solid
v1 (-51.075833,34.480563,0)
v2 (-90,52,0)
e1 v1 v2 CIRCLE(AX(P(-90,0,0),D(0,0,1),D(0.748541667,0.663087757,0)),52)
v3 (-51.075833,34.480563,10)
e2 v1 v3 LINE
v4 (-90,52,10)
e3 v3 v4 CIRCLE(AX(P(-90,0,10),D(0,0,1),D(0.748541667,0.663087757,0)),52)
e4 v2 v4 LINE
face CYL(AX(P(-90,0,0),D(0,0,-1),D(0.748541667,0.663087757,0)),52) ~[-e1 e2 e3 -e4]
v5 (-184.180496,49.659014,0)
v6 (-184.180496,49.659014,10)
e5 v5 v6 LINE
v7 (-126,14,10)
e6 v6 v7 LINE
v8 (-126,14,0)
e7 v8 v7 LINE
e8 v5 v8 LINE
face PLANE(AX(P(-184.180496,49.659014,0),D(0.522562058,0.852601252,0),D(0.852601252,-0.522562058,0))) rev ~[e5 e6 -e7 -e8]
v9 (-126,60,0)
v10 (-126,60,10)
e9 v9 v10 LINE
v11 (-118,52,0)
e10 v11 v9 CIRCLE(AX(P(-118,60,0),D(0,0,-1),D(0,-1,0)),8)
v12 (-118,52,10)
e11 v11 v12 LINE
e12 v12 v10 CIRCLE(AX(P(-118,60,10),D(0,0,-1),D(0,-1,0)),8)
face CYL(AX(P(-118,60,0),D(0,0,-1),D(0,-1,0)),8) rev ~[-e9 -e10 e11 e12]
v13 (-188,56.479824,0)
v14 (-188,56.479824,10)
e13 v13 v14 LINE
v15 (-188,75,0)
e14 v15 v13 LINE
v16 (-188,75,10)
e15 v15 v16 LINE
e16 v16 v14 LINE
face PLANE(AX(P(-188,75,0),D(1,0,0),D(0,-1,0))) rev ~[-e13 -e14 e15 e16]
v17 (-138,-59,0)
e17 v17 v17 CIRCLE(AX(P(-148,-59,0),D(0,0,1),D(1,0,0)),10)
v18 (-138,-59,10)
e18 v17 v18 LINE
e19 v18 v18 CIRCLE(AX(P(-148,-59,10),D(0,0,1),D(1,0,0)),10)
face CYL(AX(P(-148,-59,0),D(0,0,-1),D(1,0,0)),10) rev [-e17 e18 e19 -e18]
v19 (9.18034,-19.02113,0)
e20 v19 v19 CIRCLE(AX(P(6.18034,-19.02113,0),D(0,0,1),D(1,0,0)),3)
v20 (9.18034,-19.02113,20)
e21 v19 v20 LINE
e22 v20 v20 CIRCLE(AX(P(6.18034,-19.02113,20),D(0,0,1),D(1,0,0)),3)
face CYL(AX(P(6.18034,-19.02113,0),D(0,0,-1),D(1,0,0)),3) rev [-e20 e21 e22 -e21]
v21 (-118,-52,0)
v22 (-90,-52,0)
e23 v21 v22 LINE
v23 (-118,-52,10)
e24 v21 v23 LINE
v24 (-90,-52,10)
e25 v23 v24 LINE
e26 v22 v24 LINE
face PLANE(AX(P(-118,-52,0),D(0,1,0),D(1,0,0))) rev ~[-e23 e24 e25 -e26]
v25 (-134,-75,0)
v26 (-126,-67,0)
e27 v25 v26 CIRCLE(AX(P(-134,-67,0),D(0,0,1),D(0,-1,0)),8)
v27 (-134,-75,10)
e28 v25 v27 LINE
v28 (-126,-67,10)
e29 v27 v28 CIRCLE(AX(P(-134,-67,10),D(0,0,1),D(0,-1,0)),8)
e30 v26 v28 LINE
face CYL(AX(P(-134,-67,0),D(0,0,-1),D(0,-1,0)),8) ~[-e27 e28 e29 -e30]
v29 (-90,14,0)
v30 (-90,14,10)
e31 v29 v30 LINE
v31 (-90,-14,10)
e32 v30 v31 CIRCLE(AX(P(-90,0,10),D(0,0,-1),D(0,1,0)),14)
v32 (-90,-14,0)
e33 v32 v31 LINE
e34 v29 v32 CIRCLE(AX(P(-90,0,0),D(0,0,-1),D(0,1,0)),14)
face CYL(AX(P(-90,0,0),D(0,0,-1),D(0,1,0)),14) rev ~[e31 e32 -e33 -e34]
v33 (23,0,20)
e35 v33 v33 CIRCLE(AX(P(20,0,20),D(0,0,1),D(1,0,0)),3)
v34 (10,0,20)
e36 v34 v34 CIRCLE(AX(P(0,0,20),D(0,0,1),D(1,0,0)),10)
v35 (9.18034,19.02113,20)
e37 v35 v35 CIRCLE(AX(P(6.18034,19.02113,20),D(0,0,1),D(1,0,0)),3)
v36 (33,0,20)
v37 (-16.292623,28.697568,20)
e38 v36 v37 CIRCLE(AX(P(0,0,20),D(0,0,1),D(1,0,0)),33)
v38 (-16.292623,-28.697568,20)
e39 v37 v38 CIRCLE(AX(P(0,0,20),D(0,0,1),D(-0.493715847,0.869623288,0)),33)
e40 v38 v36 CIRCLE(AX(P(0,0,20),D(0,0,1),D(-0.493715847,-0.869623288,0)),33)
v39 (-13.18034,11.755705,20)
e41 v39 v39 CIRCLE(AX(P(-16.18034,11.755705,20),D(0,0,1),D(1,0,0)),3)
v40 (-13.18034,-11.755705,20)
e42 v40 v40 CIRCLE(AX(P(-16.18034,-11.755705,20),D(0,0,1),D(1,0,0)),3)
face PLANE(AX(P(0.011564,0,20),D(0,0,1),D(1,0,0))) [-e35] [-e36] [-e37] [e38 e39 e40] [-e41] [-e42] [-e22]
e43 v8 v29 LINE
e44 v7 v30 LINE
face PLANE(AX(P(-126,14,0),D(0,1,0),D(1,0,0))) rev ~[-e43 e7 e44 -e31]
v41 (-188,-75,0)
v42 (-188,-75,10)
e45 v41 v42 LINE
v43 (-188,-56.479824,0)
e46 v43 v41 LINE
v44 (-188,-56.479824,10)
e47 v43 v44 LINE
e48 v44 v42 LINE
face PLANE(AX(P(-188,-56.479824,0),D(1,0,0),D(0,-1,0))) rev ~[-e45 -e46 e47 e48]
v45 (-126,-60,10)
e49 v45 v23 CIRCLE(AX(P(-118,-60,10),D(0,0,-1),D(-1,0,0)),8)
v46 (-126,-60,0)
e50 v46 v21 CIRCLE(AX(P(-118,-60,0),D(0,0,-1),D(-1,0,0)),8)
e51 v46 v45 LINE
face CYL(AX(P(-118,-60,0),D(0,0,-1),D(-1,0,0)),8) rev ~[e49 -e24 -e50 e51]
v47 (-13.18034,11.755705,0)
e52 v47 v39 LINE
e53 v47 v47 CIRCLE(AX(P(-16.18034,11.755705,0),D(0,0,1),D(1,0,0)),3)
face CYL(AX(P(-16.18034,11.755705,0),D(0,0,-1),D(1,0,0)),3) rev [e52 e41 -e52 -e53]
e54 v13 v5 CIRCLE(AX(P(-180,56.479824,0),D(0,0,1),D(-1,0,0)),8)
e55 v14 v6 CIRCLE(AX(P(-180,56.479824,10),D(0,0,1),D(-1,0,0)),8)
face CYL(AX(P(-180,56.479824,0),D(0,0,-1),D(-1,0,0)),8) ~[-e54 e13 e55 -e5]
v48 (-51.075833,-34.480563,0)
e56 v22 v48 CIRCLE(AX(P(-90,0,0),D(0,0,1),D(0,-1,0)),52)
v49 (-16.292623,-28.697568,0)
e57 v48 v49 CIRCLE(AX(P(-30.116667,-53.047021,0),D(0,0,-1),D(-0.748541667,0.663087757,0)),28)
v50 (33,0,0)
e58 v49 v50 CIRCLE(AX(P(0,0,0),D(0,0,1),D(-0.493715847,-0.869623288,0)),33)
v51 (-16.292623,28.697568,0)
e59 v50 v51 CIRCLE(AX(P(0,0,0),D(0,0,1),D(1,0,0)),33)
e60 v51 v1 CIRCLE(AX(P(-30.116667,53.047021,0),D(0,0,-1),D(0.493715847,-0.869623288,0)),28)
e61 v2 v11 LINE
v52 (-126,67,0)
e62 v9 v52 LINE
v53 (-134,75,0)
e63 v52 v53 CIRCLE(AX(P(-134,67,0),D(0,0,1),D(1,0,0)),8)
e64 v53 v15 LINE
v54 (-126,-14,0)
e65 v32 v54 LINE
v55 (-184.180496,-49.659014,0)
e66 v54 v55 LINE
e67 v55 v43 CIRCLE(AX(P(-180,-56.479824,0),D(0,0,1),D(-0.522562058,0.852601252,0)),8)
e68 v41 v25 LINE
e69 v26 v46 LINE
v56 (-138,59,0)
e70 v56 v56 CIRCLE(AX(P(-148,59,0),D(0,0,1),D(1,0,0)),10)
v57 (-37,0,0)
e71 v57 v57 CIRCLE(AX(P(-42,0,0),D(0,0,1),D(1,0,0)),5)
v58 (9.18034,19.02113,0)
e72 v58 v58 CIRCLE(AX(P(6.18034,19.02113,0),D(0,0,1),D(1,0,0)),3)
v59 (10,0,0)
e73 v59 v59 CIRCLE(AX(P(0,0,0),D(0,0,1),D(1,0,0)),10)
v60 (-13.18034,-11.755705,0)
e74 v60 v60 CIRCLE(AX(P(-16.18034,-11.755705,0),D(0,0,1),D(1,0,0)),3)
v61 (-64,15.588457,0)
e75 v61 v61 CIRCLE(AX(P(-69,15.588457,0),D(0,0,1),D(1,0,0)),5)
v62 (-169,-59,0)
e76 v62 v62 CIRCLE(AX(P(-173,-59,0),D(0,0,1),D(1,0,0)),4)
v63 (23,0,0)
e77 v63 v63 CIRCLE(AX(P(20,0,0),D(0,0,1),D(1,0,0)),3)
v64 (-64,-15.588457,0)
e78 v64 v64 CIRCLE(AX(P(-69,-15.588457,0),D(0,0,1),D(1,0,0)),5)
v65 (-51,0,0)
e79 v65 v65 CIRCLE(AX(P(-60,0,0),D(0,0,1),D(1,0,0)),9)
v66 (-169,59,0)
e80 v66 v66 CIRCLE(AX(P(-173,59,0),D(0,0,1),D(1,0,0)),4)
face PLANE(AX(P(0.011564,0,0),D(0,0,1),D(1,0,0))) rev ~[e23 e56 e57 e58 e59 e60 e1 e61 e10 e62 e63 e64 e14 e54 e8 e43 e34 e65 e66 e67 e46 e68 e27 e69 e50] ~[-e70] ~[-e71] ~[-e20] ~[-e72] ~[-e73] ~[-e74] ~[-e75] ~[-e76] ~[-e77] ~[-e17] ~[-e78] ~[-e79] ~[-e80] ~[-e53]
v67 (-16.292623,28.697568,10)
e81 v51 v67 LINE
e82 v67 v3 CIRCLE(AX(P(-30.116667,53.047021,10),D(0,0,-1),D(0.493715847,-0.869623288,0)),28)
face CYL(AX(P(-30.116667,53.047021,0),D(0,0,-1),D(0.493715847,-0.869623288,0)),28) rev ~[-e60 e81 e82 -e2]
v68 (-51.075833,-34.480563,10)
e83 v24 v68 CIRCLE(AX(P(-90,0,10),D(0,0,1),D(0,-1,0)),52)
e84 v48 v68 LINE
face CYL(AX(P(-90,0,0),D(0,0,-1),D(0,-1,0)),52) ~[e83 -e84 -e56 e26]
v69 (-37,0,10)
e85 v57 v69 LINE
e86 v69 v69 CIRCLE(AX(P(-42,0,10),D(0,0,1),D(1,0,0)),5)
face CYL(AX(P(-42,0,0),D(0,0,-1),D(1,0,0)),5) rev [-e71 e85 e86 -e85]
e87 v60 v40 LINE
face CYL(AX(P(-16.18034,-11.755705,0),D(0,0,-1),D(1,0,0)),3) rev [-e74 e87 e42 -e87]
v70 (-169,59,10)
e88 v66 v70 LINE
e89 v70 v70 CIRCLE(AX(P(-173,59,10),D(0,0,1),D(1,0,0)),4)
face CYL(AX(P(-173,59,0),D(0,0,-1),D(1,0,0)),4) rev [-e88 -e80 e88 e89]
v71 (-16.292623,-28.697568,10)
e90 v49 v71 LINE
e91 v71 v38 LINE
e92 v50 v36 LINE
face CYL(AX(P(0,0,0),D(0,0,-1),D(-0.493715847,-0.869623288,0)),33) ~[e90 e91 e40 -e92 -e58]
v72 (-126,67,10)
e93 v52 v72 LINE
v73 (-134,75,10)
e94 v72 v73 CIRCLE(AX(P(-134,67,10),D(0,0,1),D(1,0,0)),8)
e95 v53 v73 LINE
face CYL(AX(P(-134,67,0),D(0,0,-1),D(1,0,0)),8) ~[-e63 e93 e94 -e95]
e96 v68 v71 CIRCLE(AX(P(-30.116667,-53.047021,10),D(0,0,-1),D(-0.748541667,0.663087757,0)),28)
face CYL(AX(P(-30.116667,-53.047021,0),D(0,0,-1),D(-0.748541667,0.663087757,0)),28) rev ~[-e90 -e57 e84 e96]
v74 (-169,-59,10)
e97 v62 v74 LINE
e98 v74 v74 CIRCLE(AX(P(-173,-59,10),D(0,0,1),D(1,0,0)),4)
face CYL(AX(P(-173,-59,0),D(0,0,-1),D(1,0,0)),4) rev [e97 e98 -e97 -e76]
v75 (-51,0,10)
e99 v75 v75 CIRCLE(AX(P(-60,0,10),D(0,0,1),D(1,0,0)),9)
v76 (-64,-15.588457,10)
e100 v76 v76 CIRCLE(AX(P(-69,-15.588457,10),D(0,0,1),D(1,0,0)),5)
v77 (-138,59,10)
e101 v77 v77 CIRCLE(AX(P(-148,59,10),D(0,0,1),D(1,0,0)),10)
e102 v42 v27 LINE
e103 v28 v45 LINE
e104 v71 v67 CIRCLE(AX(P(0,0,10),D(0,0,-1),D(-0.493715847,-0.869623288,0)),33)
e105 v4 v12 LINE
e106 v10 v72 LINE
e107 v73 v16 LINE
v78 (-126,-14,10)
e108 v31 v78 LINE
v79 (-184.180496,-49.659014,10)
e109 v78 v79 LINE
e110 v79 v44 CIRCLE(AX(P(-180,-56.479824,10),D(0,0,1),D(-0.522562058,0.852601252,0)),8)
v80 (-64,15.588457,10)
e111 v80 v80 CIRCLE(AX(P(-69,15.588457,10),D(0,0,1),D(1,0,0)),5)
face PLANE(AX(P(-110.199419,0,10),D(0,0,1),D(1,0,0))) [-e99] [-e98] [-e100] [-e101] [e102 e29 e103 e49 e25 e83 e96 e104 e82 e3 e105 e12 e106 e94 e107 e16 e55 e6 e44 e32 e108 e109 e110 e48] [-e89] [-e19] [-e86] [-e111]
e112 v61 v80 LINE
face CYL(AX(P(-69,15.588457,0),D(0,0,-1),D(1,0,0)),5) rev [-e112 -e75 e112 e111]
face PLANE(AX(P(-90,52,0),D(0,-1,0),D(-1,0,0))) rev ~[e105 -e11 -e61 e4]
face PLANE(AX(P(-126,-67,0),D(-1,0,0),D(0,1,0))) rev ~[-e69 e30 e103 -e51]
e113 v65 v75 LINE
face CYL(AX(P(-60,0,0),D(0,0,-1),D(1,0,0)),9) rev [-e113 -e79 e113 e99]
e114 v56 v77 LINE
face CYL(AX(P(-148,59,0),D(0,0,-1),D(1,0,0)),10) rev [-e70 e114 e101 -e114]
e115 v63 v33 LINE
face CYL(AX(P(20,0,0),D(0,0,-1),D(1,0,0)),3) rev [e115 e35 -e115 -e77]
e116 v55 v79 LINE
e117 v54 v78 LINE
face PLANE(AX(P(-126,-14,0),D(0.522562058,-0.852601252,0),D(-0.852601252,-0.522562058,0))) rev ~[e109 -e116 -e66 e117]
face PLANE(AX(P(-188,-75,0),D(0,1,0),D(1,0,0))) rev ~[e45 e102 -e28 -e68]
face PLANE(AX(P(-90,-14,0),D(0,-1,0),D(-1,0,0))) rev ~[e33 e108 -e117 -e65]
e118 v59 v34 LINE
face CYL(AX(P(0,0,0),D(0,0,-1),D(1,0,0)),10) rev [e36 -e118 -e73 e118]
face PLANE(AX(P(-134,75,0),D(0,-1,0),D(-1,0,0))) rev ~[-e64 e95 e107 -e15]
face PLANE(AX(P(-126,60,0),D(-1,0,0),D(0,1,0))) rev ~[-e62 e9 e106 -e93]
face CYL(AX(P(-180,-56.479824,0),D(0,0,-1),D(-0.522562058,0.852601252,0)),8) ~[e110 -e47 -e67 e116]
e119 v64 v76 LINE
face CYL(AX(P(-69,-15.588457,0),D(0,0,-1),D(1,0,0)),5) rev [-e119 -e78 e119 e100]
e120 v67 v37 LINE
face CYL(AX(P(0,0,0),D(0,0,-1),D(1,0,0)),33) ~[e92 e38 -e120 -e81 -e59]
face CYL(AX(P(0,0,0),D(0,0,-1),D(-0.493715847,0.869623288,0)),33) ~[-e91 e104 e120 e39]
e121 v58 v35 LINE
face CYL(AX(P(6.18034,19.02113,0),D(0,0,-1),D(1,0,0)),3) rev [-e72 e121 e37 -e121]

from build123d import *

# Parameters (mm, degrees)
SKETCH_1_R      = 4
SKETCH_1_R_2    = 10
SKETCH_1_R_3    = 5
SKETCH_1_R_4    = 9
EXTRUDE_1_DEPTH = 10
SKETCH_1_3_R    = 3
SKETCH_1_3_R_2  = 10
EXTRUDE_2_DEPTH = 20


with BuildPart() as part:
    # Эскиз1 → Бобышка-Вытянуть1 (new body)
    with BuildSketch(Plane.XY):
        with BuildLine():
            Line((-134, 75), (-188, 75))
            Line((-188, 75), (-188, 56.479823981))
            ThreePointArc((-188, 56.479823981), (-186.980113599, 52.571113945), (-184.180496463, 49.659013961))
            Line((-184.180496463, 49.659013961), (-126, 14))
            Line((-126, 14), (-90, 14))
            ThreePointArc((-90, 14), (-76, 0), (-90, -14))
            Line((-90, -14), (-126, -14))
            Line((-126, -14), (-184.180496463, -49.659013961))
            ThreePointArc((-184.180496463, -49.659013961), (-186.980113599, -52.571113945), (-188, -56.479823981))
            Line((-188, -56.479823981), (-188, -75))
            Line((-188, -75), (-134, -75))
            ThreePointArc((-134, -75), (-128.343145751, -72.656854249), (-126, -67))
            Line((-126, -67), (-126, -60))
            ThreePointArc((-126, -60), (-123.656854249, -54.343145751), (-118, -52))
            Line((-118, -52), (-90, -52))
            ThreePointArc((-90, -52), (-68.657428628, -47.418294436), (-51.075833333, -34.480563355))
            ThreePointArc((-51.075833333, -34.480563355), (-34.708861379, -25.426163433), (-16.292622951, -28.697568493))
            ThreePointArc((-16.292622951, -28.697568493), (-33, 0), (-16.292622951, 28.697568493))
            ThreePointArc((-16.292622951, 28.697568493), (-34.708861379, 25.426163433), (-51.075833333, 34.480563355))
            ThreePointArc((-51.075833333, 34.480563355), (-68.657428628, 47.418294436), (-90, 52))
            Line((-90, 52), (-118, 52))
            ThreePointArc((-118, 52), (-123.656854249, 54.343145751), (-126, 60))
            Line((-126, 60), (-126, 67))
            ThreePointArc((-126, 67), (-128.343145751, 72.656854249), (-134, 75))
        make_face()
        with Locations((-173, -59)):
            Circle(SKETCH_1_R, mode=Mode.SUBTRACT)
        with Locations((-148, -59)):
            Circle(SKETCH_1_R_2, mode=Mode.SUBTRACT)
        with Locations((-69, -15.588457268)):
            Circle(SKETCH_1_R_3, mode=Mode.SUBTRACT)
        with Locations((-173, 59)):
            Circle(SKETCH_1_R, mode=Mode.SUBTRACT)
        with Locations((-148, 59)):
            Circle(SKETCH_1_R_2, mode=Mode.SUBTRACT)
        with Locations((-60, 0)):
            Circle(SKETCH_1_R_4, mode=Mode.SUBTRACT)
        with Locations((-69, 15.588457268)):
            Circle(SKETCH_1_R_3, mode=Mode.SUBTRACT)
        with Locations((-42, 0)):
            Circle(SKETCH_1_R_3, mode=Mode.SUBTRACT)
    extrude(amount=EXTRUDE_1_DEPTH)

    # Эскиз1<3> → Бобышка-Вытянуть2 (add)
    with BuildSketch(Plane.XY):
        with BuildLine():
            ThreePointArc((33, 0), (16.603364759, 28.518910896), (-16.292622951, 28.697568493))
            ThreePointArc((-16.292622951, 28.697568493), (-33, 0), (-16.292622951, -28.697568493))
            ThreePointArc((-16.292622951, -28.697568493), (16.603364759, -28.518910896), (33, 0))
        make_face()
        with Locations((6.180339887, -19.021130326)):
            Circle(SKETCH_1_3_R, mode=Mode.SUBTRACT)
        with Locations((-16.180339887, -11.755705046)):
            Circle(SKETCH_1_3_R, mode=Mode.SUBTRACT)
        Circle(SKETCH_1_3_R_2, mode=Mode.SUBTRACT)
        with Locations((-16.180339887, 11.755705046)):
            Circle(SKETCH_1_3_R, mode=Mode.SUBTRACT)
        with Locations((20, 0)):
            Circle(SKETCH_1_3_R, mode=Mode.SUBTRACT)
        with Locations((6.180339887, 19.021130326)):
            Circle(SKETCH_1_3_R, mode=Mode.SUBTRACT)
    extrude(amount=EXTRUDE_2_DEPTH)


solid = part.part
